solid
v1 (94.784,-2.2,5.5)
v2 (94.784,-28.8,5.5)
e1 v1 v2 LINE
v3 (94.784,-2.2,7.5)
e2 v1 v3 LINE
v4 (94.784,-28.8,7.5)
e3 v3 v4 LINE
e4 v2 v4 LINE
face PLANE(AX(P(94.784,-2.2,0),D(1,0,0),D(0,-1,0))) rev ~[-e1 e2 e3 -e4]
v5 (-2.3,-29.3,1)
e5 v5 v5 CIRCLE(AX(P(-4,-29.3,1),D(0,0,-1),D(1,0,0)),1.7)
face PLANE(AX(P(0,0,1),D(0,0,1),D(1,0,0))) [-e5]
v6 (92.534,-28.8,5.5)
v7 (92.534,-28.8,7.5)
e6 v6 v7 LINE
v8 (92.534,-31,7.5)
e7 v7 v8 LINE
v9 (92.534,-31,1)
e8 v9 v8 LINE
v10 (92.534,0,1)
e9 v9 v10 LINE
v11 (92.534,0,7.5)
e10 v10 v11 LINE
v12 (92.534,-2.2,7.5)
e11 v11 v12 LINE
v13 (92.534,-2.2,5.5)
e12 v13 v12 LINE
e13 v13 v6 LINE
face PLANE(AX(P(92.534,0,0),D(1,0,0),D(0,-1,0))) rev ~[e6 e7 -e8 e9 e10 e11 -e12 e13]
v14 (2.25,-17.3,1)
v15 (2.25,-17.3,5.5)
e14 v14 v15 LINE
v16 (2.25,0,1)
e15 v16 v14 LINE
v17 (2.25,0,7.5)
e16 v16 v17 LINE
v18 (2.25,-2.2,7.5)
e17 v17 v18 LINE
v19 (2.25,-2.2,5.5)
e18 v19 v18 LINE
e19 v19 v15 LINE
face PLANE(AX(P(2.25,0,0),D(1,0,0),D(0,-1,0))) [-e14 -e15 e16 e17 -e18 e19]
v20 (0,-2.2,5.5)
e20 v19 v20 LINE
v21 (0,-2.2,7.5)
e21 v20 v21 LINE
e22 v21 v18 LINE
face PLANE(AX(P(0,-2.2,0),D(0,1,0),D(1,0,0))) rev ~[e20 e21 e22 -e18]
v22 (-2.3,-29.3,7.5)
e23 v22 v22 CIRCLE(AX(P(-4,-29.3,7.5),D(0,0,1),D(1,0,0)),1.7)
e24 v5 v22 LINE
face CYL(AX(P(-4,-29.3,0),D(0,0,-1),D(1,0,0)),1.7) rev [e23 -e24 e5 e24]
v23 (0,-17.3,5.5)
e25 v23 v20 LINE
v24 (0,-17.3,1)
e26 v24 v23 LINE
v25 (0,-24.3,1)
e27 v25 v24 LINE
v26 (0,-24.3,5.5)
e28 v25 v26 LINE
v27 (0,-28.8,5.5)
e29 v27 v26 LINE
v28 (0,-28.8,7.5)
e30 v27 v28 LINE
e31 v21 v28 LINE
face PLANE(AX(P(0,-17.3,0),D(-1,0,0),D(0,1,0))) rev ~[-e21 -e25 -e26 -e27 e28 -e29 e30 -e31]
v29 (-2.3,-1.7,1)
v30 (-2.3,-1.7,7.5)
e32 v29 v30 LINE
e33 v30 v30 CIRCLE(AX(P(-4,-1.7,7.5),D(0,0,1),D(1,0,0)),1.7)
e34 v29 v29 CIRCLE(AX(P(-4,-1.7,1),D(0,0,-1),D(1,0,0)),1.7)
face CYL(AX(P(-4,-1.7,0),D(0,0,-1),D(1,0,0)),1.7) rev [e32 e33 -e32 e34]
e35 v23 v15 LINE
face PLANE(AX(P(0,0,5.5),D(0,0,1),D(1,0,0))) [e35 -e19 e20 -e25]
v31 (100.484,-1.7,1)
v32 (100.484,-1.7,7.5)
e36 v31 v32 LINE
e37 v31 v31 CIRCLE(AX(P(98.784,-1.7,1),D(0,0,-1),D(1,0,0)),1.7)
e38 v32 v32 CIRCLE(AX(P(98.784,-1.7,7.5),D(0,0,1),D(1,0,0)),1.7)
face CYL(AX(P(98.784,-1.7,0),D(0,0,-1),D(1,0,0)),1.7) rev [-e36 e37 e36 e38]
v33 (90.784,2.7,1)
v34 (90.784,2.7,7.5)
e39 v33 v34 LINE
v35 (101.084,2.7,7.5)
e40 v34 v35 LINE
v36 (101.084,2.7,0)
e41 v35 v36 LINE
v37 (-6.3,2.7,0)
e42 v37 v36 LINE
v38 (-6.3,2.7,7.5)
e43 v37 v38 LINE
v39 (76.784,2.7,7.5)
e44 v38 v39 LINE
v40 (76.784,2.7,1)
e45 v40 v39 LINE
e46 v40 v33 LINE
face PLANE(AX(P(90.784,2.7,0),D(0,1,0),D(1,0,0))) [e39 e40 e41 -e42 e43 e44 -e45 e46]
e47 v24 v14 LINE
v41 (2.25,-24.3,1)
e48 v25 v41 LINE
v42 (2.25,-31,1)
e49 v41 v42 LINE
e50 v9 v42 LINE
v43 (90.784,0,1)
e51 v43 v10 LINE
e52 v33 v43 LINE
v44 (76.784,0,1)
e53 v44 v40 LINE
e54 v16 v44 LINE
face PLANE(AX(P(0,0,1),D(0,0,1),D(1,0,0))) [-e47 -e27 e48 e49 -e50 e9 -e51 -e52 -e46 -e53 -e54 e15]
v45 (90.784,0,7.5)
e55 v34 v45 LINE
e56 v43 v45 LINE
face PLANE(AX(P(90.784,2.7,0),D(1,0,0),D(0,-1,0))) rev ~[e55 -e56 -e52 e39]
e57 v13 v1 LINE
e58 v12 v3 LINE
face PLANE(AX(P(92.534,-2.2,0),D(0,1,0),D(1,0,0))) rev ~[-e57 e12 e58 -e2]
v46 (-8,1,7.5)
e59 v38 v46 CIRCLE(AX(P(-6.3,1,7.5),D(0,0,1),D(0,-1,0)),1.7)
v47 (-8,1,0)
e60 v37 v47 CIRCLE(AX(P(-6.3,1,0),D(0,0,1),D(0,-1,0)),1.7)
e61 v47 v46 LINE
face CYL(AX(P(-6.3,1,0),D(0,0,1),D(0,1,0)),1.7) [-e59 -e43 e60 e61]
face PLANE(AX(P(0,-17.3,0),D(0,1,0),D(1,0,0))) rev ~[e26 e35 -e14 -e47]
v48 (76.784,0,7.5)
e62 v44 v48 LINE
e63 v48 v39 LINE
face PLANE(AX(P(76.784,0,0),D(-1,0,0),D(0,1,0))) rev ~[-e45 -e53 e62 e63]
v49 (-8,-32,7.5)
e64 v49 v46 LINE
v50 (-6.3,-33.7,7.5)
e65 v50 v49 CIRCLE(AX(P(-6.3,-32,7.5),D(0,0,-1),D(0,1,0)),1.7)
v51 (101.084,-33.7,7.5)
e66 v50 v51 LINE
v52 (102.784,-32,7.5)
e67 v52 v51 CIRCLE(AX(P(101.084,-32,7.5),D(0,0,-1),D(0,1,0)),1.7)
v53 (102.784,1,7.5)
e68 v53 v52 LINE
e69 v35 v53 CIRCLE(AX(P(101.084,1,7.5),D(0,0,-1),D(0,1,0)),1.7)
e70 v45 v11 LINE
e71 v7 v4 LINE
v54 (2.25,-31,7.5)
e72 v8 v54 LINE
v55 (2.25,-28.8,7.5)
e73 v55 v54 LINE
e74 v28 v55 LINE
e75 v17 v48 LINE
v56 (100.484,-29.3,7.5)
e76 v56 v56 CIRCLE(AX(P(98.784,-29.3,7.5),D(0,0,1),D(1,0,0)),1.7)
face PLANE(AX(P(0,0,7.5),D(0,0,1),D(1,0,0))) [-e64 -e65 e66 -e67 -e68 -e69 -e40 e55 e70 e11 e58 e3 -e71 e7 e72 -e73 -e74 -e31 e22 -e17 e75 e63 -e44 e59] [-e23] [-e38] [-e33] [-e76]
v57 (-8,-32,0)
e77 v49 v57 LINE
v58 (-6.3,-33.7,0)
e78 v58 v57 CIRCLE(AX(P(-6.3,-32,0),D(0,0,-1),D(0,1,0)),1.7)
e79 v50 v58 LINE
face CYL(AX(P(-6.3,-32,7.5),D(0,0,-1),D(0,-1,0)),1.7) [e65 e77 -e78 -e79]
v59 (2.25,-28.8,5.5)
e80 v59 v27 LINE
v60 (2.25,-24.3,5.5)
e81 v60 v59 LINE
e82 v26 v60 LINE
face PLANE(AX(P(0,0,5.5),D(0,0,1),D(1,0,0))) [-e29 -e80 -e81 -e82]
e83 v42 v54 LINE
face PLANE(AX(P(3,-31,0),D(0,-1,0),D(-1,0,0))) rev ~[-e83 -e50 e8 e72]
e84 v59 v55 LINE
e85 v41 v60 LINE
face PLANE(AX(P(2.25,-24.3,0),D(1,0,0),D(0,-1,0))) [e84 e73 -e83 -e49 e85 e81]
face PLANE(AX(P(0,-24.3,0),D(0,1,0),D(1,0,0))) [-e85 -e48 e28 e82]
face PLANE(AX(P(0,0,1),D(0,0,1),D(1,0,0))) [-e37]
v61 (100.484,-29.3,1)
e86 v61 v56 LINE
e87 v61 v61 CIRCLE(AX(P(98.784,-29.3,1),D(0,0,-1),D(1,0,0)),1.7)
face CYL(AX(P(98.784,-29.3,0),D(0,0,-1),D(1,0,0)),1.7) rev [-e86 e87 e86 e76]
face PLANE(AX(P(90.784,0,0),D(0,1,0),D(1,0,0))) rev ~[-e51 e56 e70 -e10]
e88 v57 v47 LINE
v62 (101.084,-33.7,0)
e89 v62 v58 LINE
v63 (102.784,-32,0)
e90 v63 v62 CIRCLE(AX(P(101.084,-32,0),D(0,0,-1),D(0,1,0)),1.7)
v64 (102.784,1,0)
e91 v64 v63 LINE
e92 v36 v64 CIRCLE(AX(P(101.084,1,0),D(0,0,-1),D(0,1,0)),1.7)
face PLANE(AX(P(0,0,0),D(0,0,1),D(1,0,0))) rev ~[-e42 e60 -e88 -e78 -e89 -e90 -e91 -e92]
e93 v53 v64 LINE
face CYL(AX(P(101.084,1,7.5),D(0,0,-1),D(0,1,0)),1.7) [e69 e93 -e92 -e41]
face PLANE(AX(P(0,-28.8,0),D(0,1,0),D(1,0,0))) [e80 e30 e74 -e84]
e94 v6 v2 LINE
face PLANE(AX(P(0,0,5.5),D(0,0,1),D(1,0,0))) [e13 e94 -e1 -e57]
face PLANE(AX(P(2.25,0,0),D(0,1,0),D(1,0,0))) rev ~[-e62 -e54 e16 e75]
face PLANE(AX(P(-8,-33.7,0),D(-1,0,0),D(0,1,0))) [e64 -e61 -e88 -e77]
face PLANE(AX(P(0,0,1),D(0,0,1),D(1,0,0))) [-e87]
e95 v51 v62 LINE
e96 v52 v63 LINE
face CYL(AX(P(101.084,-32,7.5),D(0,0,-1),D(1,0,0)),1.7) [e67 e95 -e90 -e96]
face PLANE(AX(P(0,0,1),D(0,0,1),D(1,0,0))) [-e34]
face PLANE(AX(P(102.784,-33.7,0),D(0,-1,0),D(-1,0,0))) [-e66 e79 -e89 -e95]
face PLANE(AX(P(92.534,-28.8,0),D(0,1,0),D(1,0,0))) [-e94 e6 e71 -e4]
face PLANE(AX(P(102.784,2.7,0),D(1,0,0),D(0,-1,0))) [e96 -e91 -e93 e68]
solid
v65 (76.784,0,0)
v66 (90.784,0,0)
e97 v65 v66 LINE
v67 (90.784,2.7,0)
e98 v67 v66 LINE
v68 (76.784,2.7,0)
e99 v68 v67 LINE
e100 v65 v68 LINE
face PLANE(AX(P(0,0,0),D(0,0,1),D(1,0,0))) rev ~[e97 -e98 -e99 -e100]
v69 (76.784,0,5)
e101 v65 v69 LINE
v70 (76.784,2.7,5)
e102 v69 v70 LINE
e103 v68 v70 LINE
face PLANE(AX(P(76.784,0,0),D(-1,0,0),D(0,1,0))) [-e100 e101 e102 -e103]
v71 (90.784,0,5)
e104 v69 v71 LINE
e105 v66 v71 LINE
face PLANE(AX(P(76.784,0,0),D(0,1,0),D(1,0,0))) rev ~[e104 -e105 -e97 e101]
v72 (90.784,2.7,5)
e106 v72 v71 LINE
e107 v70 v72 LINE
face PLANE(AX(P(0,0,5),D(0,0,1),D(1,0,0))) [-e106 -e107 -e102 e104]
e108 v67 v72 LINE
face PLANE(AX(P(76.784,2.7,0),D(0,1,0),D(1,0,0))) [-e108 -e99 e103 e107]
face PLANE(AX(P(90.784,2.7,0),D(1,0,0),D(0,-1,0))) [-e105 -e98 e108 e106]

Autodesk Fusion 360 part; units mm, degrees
sketch "Sketch1" plane through (0, 0, 0) normal (0, 0, 1) x (1, 0, 0) in component "guilty pad case"
  line L0 (0, 0) -> (94.784, 0)
  line L1 (94.784, 0) -> (94.784, -31)
  line L2 (94.784, -31) -> (0, -31)
  line L3 (0, -31) -> (0, 0)
  line L4 (-8, 2.7) -> (102.784, 2.7)
  line L5 (102.784, 2.7) -> (102.784, -33.7)
  line L6 (102.784, -33.7) -> (-8, -33.7)
  line L7 (-8, -33.7) -> (-8, 2.7)
  circle A0 centre (-4, -29.3) radius 1.7
  circle A1 centre (98.784, -29.3) radius 1.7
  circle A2 centre (98.784, -1.7) radius 1.7
  circle A3 centre (-4, -1.7) radius 1.7
  line L8 (3, -31) -> (27, -31)
  line L9 (27, -33.7) -> (3, -33.7)
  line L10 (90.784, 0) -> (76.784, 0)
  line L11 (76.784, 0) -> (76.784, 2.7)
  line L12 (76.784, 2.7) -> (90.784, 2.7)
  line L13 (90.784, 2.7) -> (90.784, 0)
  line L14 (92.534, 0) -> (92.534, -31)
  line L15 (2.25, 0) -> (2.25, -31)
  line L16 (0, -2.2) -> (94.784, -2.2)
  line L17 (0, -28.8) -> (94.784, -28.8)
  line L18 (0, -24.3) -> (2.25, -24.3)
  line L19 (0, -17.3) -> (2.25, -17.3)
  dimension "d4" = 36.4
  dimension "d5" = 110.784
  dimension "d6" = 94.784
  dimension "d7" = 31
  dimension "d9" = 3.4
  dimension "d10" = 4.4
  dimension "d11" = 4
  dimension "d12" = 3.4
  dimension "d13" = 4
  dimension "d14" = 4.4
  dimension "d15" = 3.4
  dimension "d16" = 4.4
  dimension "d17" = 4
  dimension "d18" = 3.4
  dimension "d19" = 4.4
  dimension "d20" = 4
  dimension "d21" = 2.7
  dimension "d22" = 8
  dimension "d23" = 24
  dimension "d24" = 2.7
  dimension "d26" = 4
  dimension "d27" = 14
  dimension "d32" = 2.25
  dimension "d33" = 2.25
  dimension "d73" = 2.2
  dimension "d74" = 2.2
  dimension "d77" = 4.5
  dimension "d78" = 7
extrude "Extrude2" add sketch "Sketch1" along normal blind 7.5 contours L0 L1 L2 L3 L4 L5 L6 L7 L8 L9 L11 L13 | L0 L3 L15 L16 | L0 L1 L14 L16 | L1 L2 L14 L17 | L2 L3 L15 L17 makes body 1 in component "guilty pad case"
extrude "Extrude3" add sketch "Sketch1" along normal blind 5.5 separate body contours L0 L3 L15 L16 | L3 L15 L16 L19 | L1 L14 L16 L17 | L0 L1 L14 L16 | L3 L15 L17 L18 | L1 L2 L14 L17 | L2 L3 L15 L17 makes body 2 at (0, -11.5333, 1.8333) makes body 3 at (94.784, -10.3333, 1.8333) makes body 4 at (0, -28.7667, 1.8333) in component "guilty pad case"
extrude "Extrude9" add sketch "Sketch1" along normal blind 1 contours L0 L1 L2 L3 L4 L5 L6 L7 L8 L9 L11 L13 | L0 L3 L15 L16 | L0 L10 L14 L15 L16 | L3 L15 L16 L19 | L0 L4 L10 L11 L12 L13 | L14 L15 L16 L17 | L3 L15 L18 L19 | L1 L14 L16 L17 | L0 L1 L14 L16 | L3 L15 L17 L18 | L1 L2 L14 L17 | L2 L8 L14 L15 L17 | L2 L3 L15 L17 | A0 | A1 | A2 | A3 bodies 2 4 1 3 in component "guilty pad case"
fillet "Fillet2" radius 1.7 4 edges at (-8, -33.7, 3.75) (-8, 2.7, 3.75) (102.784, 2.7, 3.75) (102.784, -33.7, 3.75) on bodies 2 in component "guilty pad case"
extrude "Extrude13" add sketch "Sketch1" along normal blind 5 separate body contours L0 L4 L10 L11 L12 L13 makes body 5 in component "guilty pad case"
component "guilty pad case" placed x (1, 0, 0) y (0, 1, 0) z (0, 0, 1) at (0, 0, 0)
